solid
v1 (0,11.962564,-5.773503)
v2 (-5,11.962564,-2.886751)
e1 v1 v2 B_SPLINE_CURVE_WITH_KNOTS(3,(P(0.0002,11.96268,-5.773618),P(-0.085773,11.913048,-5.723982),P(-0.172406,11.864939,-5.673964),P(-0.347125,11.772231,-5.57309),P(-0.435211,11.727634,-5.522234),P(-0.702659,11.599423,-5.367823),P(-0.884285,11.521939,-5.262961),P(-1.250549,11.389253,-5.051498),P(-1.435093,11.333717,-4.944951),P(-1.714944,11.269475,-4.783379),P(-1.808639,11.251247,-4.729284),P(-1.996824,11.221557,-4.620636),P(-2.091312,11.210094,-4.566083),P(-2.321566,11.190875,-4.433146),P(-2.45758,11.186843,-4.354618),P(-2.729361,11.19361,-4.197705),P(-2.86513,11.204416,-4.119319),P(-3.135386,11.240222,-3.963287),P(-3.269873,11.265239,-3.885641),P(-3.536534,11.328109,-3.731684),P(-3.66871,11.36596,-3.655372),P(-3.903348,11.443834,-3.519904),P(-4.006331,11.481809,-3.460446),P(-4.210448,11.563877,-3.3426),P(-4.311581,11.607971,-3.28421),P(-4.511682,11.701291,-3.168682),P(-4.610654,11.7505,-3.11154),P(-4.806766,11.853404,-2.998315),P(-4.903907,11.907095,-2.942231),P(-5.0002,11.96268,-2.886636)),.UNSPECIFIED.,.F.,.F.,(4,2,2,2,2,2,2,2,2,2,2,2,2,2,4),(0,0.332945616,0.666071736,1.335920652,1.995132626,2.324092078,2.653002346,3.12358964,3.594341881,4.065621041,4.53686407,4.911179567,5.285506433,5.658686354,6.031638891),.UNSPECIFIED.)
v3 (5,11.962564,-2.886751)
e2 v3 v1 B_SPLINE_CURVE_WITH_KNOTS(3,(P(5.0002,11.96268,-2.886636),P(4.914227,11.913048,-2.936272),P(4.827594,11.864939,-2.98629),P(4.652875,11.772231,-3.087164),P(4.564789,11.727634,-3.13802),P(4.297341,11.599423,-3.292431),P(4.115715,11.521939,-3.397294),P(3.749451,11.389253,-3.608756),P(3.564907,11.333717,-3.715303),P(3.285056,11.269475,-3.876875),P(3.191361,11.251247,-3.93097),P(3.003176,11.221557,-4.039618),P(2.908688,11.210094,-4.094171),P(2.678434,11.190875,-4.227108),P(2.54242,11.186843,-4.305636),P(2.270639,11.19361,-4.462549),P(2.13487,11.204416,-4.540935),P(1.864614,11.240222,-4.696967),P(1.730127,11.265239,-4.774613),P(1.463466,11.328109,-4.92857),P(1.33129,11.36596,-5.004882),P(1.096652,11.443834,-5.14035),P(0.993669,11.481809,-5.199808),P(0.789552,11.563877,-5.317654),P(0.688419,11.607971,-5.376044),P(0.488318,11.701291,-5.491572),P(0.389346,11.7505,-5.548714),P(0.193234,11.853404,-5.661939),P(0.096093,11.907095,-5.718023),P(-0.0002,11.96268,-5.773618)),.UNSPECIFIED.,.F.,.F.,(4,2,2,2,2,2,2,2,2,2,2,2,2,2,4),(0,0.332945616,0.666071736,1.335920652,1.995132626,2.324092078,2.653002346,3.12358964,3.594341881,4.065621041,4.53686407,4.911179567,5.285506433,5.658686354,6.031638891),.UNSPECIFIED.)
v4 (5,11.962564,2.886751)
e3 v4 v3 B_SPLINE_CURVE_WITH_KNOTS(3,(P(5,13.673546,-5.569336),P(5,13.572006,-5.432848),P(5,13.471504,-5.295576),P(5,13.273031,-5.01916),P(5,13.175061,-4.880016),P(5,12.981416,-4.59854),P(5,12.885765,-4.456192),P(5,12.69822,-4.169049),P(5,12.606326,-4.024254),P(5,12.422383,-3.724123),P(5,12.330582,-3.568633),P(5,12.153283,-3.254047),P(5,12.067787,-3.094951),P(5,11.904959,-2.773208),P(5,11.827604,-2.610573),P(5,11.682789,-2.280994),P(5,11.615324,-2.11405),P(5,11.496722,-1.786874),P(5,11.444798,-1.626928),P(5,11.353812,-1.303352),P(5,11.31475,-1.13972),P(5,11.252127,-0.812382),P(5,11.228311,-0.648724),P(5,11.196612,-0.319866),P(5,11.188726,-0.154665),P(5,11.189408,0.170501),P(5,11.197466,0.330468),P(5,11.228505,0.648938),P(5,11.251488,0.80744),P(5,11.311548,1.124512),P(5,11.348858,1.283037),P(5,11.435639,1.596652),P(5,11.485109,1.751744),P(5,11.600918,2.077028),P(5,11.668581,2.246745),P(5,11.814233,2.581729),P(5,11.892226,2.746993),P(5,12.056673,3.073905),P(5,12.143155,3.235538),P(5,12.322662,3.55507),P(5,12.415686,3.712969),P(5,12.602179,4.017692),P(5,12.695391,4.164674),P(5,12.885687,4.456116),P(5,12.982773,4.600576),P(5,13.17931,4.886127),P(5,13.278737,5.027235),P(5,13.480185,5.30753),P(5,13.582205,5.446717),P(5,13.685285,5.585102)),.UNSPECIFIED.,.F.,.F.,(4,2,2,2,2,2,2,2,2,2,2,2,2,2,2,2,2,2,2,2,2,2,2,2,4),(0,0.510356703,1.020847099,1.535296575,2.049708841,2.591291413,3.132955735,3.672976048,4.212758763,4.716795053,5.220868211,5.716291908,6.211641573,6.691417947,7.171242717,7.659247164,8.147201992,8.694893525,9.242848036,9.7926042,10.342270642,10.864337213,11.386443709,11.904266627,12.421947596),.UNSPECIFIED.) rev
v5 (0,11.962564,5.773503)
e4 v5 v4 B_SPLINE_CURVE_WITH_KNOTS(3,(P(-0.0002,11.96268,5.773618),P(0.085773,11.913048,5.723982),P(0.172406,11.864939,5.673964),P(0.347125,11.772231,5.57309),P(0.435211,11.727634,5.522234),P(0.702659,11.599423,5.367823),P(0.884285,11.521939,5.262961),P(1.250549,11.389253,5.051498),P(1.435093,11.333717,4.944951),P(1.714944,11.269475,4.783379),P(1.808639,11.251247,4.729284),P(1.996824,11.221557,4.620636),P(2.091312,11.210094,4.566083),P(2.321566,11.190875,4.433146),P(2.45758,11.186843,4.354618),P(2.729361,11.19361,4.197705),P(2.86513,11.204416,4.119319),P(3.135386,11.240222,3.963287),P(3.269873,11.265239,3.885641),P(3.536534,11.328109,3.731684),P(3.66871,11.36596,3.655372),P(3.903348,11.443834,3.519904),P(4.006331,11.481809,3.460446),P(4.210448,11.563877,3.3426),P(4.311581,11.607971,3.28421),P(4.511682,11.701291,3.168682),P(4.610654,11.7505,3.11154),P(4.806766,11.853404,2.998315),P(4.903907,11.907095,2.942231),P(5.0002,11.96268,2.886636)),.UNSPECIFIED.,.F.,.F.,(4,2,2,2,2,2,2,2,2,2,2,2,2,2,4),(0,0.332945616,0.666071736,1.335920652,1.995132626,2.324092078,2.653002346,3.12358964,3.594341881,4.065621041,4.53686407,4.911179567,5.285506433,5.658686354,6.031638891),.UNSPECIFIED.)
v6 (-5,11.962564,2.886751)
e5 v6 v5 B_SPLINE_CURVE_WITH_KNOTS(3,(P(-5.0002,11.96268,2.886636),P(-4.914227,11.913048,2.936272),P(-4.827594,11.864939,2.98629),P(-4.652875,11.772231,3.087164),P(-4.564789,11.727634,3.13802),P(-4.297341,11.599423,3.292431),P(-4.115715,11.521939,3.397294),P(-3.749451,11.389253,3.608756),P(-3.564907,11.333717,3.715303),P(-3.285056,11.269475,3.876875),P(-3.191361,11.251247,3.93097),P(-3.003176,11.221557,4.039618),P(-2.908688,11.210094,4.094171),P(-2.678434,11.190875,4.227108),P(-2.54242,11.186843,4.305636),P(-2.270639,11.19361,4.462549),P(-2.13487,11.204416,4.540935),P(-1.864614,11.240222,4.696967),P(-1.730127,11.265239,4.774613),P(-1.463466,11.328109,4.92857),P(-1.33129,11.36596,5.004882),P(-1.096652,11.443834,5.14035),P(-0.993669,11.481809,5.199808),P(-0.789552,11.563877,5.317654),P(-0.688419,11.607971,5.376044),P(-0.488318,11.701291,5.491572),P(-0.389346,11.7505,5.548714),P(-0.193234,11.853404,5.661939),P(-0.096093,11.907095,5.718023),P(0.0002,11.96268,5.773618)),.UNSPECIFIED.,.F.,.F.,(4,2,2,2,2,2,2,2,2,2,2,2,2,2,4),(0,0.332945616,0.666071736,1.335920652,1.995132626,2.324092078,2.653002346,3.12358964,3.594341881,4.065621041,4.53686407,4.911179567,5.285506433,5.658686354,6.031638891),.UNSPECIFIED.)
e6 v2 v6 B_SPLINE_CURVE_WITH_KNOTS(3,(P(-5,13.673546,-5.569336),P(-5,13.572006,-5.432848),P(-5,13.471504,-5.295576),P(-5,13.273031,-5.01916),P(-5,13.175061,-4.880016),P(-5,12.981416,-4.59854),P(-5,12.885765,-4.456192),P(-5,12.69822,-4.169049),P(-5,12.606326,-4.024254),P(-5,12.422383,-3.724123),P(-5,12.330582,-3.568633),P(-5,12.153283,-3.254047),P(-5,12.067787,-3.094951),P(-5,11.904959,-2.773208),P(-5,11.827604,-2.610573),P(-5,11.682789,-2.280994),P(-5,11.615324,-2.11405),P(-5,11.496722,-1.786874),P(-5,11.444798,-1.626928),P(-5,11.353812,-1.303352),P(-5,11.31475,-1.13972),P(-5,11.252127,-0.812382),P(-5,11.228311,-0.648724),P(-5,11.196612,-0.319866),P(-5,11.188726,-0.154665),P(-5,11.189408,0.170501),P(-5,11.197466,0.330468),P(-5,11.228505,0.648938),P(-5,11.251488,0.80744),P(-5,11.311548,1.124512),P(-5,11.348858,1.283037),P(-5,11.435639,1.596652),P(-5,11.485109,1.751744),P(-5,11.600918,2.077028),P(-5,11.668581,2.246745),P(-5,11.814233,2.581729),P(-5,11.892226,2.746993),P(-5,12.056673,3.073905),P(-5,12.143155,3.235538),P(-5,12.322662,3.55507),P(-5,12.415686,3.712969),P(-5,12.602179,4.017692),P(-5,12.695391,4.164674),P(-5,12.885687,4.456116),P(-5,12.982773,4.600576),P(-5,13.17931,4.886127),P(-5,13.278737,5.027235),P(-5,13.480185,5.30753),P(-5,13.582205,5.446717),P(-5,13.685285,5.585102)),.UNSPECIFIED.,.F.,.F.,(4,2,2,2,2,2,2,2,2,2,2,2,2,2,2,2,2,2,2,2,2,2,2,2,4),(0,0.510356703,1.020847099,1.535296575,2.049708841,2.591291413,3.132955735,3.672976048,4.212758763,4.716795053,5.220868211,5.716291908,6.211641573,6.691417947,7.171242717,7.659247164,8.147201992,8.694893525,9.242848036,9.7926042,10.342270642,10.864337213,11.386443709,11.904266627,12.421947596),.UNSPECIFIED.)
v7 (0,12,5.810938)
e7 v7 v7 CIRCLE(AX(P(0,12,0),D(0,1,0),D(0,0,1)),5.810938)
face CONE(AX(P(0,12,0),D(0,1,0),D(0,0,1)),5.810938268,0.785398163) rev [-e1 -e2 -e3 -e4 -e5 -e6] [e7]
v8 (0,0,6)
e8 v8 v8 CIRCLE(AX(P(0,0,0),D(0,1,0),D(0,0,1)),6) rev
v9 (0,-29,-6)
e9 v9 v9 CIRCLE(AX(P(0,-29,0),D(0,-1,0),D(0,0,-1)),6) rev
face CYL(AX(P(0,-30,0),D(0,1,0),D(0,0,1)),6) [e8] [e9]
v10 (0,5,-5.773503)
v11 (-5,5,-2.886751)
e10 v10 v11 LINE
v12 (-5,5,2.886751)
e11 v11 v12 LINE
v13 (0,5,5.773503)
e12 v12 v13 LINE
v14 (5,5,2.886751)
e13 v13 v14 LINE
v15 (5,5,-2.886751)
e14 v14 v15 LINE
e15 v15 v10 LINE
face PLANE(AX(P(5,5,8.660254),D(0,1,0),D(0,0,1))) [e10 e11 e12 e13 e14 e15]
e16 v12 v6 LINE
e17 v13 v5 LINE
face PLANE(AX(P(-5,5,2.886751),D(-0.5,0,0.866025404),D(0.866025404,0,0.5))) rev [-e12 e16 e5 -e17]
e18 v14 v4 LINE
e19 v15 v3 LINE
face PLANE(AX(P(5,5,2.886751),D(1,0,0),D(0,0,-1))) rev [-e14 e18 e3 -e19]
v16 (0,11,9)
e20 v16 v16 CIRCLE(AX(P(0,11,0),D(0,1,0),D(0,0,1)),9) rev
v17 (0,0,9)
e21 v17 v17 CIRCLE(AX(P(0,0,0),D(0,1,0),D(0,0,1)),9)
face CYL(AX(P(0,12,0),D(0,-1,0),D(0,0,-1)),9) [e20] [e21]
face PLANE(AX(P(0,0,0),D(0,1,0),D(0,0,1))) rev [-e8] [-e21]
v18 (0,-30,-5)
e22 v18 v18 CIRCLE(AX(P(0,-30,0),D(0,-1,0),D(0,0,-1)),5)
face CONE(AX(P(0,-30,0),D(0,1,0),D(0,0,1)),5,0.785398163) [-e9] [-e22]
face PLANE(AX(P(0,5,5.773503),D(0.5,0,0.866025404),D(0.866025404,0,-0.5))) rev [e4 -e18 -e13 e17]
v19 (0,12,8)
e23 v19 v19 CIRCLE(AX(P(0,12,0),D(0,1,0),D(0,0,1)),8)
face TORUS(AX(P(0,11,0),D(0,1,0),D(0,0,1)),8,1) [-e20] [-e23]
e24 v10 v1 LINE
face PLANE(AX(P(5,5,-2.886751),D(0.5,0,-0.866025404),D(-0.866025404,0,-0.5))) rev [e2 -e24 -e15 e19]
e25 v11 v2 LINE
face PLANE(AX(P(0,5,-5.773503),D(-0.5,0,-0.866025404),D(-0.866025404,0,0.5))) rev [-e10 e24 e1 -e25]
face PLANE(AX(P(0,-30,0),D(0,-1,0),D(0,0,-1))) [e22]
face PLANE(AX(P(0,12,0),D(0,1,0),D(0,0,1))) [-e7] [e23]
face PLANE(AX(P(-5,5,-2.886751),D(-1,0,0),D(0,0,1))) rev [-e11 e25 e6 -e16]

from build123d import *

# Parameters (mm, degrees)
SZKIC1_R                   = 9
WYCI_GNI_CIE1_DEPTH        = 12
SZKIC2_R                   = 6
WYCI_GNI_CIE2_DEPTH        = 30
WYTNIJ_WYCI_GNI_CIE1_DEPTH = 7
SZKIC4_R                   = 5.810938268
WYTNIJ_WYCI_GNI_CIE2_DEPTH = 2
WYTNIJ_WYCI_GNI_CIE2_DRAFT = -45
ZAOKR_GLENIE1_R            = 1
SFAZOWANIE1_SIZE           = 1


with BuildPart() as part:
    # Szkic1 → Wyciągnięcie1 (new body)
    with BuildSketch(Plane(origin=(0, 0, 0), x_dir=(1, 0, 0), z_dir=(0, 1, 0))):
        with Locations(Location((0, 0, 0), (0, 0, 270))):
            Circle(SZKIC1_R)
    extrude(amount=WYCI_GNI_CIE1_DEPTH)

    # Szkic2 → Wyciągnięcie2 (add)
    with BuildSketch(Plane.XZ):
        with Locations(Location((0, 0, 0), (0, 0, 90))):
            Circle(SZKIC2_R)
    extrude(amount=WYCI_GNI_CIE2_DEPTH)

    # Szkic3 → Wytnij-wyciągnięcie1 (cut)
    with BuildSketch(Plane(origin=(0, 12, 0), x_dir=(-1, 0, 0), z_dir=(0, 1, 0))):
        Polygon((0, 5.773502692), (-5, 2.886751346), (-5, -2.886751346), (0, -5.773502692), (5, -2.886751346), (5, 2.886751346), align=None)
    extrude(amount=-WYTNIJ_WYCI_GNI_CIE1_DEPTH, mode=Mode.SUBTRACT)


with BuildPart() as wytnij_wyci_gni_cie2_tool:
    # Szkic4 → Wytnij-wyciągnięcie2 (with draft: the straight prism first)
    with BuildSketch(Plane(origin=(0, 12, 0), x_dir=(-1, 0, 0), z_dir=(0, 1, 0))):
        Circle(SZKIC4_R)
    extrude(amount=-WYTNIJ_WYCI_GNI_CIE2_DEPTH)
    # Wytnij-wyciągnięcie2: the draft: its side faces are tilted about the plane it starts from
    wytnij_wyci_gni_cie2_sides = [wytnij_wyci_gni_cie2_tool.faces().sort_by_distance(p)[0] for p in [
        (5.810938268, 11, 0),
    ]]
    draft(wytnij_wyci_gni_cie2_sides, Plane(origin=(0, 12, 0), x_dir=(-1, 0, 0), z_dir=(0, 1, 0)), WYTNIJ_WYCI_GNI_CIE2_DRAFT)


with BuildPart() as part_1:
    add(part.part)

    # Wytnij-wyciągnięcie2: cut by wytnij_wyci_gni_cie2_tool
    add(wytnij_wyci_gni_cie2_tool.part, mode=Mode.SUBTRACT)

    # Zaokrąglenie1
    zaokr_glenie1_edges = [part_1.edges().sort_by_distance(p)[0] for p in [
        (0, 12, -9),
    ]]
    fillet(zaokr_glenie1_edges, radius=ZAOKR_GLENIE1_R)

    # Sfazowanie1
    sfazowanie1_edges = [part_1.edges().sort_by_distance(p)[0] for p in [
        (0, -30, -6),
    ]]
    chamfer(sfazowanie1_edges, length=SFAZOWANIE1_SIZE)


solid = part_1.part
